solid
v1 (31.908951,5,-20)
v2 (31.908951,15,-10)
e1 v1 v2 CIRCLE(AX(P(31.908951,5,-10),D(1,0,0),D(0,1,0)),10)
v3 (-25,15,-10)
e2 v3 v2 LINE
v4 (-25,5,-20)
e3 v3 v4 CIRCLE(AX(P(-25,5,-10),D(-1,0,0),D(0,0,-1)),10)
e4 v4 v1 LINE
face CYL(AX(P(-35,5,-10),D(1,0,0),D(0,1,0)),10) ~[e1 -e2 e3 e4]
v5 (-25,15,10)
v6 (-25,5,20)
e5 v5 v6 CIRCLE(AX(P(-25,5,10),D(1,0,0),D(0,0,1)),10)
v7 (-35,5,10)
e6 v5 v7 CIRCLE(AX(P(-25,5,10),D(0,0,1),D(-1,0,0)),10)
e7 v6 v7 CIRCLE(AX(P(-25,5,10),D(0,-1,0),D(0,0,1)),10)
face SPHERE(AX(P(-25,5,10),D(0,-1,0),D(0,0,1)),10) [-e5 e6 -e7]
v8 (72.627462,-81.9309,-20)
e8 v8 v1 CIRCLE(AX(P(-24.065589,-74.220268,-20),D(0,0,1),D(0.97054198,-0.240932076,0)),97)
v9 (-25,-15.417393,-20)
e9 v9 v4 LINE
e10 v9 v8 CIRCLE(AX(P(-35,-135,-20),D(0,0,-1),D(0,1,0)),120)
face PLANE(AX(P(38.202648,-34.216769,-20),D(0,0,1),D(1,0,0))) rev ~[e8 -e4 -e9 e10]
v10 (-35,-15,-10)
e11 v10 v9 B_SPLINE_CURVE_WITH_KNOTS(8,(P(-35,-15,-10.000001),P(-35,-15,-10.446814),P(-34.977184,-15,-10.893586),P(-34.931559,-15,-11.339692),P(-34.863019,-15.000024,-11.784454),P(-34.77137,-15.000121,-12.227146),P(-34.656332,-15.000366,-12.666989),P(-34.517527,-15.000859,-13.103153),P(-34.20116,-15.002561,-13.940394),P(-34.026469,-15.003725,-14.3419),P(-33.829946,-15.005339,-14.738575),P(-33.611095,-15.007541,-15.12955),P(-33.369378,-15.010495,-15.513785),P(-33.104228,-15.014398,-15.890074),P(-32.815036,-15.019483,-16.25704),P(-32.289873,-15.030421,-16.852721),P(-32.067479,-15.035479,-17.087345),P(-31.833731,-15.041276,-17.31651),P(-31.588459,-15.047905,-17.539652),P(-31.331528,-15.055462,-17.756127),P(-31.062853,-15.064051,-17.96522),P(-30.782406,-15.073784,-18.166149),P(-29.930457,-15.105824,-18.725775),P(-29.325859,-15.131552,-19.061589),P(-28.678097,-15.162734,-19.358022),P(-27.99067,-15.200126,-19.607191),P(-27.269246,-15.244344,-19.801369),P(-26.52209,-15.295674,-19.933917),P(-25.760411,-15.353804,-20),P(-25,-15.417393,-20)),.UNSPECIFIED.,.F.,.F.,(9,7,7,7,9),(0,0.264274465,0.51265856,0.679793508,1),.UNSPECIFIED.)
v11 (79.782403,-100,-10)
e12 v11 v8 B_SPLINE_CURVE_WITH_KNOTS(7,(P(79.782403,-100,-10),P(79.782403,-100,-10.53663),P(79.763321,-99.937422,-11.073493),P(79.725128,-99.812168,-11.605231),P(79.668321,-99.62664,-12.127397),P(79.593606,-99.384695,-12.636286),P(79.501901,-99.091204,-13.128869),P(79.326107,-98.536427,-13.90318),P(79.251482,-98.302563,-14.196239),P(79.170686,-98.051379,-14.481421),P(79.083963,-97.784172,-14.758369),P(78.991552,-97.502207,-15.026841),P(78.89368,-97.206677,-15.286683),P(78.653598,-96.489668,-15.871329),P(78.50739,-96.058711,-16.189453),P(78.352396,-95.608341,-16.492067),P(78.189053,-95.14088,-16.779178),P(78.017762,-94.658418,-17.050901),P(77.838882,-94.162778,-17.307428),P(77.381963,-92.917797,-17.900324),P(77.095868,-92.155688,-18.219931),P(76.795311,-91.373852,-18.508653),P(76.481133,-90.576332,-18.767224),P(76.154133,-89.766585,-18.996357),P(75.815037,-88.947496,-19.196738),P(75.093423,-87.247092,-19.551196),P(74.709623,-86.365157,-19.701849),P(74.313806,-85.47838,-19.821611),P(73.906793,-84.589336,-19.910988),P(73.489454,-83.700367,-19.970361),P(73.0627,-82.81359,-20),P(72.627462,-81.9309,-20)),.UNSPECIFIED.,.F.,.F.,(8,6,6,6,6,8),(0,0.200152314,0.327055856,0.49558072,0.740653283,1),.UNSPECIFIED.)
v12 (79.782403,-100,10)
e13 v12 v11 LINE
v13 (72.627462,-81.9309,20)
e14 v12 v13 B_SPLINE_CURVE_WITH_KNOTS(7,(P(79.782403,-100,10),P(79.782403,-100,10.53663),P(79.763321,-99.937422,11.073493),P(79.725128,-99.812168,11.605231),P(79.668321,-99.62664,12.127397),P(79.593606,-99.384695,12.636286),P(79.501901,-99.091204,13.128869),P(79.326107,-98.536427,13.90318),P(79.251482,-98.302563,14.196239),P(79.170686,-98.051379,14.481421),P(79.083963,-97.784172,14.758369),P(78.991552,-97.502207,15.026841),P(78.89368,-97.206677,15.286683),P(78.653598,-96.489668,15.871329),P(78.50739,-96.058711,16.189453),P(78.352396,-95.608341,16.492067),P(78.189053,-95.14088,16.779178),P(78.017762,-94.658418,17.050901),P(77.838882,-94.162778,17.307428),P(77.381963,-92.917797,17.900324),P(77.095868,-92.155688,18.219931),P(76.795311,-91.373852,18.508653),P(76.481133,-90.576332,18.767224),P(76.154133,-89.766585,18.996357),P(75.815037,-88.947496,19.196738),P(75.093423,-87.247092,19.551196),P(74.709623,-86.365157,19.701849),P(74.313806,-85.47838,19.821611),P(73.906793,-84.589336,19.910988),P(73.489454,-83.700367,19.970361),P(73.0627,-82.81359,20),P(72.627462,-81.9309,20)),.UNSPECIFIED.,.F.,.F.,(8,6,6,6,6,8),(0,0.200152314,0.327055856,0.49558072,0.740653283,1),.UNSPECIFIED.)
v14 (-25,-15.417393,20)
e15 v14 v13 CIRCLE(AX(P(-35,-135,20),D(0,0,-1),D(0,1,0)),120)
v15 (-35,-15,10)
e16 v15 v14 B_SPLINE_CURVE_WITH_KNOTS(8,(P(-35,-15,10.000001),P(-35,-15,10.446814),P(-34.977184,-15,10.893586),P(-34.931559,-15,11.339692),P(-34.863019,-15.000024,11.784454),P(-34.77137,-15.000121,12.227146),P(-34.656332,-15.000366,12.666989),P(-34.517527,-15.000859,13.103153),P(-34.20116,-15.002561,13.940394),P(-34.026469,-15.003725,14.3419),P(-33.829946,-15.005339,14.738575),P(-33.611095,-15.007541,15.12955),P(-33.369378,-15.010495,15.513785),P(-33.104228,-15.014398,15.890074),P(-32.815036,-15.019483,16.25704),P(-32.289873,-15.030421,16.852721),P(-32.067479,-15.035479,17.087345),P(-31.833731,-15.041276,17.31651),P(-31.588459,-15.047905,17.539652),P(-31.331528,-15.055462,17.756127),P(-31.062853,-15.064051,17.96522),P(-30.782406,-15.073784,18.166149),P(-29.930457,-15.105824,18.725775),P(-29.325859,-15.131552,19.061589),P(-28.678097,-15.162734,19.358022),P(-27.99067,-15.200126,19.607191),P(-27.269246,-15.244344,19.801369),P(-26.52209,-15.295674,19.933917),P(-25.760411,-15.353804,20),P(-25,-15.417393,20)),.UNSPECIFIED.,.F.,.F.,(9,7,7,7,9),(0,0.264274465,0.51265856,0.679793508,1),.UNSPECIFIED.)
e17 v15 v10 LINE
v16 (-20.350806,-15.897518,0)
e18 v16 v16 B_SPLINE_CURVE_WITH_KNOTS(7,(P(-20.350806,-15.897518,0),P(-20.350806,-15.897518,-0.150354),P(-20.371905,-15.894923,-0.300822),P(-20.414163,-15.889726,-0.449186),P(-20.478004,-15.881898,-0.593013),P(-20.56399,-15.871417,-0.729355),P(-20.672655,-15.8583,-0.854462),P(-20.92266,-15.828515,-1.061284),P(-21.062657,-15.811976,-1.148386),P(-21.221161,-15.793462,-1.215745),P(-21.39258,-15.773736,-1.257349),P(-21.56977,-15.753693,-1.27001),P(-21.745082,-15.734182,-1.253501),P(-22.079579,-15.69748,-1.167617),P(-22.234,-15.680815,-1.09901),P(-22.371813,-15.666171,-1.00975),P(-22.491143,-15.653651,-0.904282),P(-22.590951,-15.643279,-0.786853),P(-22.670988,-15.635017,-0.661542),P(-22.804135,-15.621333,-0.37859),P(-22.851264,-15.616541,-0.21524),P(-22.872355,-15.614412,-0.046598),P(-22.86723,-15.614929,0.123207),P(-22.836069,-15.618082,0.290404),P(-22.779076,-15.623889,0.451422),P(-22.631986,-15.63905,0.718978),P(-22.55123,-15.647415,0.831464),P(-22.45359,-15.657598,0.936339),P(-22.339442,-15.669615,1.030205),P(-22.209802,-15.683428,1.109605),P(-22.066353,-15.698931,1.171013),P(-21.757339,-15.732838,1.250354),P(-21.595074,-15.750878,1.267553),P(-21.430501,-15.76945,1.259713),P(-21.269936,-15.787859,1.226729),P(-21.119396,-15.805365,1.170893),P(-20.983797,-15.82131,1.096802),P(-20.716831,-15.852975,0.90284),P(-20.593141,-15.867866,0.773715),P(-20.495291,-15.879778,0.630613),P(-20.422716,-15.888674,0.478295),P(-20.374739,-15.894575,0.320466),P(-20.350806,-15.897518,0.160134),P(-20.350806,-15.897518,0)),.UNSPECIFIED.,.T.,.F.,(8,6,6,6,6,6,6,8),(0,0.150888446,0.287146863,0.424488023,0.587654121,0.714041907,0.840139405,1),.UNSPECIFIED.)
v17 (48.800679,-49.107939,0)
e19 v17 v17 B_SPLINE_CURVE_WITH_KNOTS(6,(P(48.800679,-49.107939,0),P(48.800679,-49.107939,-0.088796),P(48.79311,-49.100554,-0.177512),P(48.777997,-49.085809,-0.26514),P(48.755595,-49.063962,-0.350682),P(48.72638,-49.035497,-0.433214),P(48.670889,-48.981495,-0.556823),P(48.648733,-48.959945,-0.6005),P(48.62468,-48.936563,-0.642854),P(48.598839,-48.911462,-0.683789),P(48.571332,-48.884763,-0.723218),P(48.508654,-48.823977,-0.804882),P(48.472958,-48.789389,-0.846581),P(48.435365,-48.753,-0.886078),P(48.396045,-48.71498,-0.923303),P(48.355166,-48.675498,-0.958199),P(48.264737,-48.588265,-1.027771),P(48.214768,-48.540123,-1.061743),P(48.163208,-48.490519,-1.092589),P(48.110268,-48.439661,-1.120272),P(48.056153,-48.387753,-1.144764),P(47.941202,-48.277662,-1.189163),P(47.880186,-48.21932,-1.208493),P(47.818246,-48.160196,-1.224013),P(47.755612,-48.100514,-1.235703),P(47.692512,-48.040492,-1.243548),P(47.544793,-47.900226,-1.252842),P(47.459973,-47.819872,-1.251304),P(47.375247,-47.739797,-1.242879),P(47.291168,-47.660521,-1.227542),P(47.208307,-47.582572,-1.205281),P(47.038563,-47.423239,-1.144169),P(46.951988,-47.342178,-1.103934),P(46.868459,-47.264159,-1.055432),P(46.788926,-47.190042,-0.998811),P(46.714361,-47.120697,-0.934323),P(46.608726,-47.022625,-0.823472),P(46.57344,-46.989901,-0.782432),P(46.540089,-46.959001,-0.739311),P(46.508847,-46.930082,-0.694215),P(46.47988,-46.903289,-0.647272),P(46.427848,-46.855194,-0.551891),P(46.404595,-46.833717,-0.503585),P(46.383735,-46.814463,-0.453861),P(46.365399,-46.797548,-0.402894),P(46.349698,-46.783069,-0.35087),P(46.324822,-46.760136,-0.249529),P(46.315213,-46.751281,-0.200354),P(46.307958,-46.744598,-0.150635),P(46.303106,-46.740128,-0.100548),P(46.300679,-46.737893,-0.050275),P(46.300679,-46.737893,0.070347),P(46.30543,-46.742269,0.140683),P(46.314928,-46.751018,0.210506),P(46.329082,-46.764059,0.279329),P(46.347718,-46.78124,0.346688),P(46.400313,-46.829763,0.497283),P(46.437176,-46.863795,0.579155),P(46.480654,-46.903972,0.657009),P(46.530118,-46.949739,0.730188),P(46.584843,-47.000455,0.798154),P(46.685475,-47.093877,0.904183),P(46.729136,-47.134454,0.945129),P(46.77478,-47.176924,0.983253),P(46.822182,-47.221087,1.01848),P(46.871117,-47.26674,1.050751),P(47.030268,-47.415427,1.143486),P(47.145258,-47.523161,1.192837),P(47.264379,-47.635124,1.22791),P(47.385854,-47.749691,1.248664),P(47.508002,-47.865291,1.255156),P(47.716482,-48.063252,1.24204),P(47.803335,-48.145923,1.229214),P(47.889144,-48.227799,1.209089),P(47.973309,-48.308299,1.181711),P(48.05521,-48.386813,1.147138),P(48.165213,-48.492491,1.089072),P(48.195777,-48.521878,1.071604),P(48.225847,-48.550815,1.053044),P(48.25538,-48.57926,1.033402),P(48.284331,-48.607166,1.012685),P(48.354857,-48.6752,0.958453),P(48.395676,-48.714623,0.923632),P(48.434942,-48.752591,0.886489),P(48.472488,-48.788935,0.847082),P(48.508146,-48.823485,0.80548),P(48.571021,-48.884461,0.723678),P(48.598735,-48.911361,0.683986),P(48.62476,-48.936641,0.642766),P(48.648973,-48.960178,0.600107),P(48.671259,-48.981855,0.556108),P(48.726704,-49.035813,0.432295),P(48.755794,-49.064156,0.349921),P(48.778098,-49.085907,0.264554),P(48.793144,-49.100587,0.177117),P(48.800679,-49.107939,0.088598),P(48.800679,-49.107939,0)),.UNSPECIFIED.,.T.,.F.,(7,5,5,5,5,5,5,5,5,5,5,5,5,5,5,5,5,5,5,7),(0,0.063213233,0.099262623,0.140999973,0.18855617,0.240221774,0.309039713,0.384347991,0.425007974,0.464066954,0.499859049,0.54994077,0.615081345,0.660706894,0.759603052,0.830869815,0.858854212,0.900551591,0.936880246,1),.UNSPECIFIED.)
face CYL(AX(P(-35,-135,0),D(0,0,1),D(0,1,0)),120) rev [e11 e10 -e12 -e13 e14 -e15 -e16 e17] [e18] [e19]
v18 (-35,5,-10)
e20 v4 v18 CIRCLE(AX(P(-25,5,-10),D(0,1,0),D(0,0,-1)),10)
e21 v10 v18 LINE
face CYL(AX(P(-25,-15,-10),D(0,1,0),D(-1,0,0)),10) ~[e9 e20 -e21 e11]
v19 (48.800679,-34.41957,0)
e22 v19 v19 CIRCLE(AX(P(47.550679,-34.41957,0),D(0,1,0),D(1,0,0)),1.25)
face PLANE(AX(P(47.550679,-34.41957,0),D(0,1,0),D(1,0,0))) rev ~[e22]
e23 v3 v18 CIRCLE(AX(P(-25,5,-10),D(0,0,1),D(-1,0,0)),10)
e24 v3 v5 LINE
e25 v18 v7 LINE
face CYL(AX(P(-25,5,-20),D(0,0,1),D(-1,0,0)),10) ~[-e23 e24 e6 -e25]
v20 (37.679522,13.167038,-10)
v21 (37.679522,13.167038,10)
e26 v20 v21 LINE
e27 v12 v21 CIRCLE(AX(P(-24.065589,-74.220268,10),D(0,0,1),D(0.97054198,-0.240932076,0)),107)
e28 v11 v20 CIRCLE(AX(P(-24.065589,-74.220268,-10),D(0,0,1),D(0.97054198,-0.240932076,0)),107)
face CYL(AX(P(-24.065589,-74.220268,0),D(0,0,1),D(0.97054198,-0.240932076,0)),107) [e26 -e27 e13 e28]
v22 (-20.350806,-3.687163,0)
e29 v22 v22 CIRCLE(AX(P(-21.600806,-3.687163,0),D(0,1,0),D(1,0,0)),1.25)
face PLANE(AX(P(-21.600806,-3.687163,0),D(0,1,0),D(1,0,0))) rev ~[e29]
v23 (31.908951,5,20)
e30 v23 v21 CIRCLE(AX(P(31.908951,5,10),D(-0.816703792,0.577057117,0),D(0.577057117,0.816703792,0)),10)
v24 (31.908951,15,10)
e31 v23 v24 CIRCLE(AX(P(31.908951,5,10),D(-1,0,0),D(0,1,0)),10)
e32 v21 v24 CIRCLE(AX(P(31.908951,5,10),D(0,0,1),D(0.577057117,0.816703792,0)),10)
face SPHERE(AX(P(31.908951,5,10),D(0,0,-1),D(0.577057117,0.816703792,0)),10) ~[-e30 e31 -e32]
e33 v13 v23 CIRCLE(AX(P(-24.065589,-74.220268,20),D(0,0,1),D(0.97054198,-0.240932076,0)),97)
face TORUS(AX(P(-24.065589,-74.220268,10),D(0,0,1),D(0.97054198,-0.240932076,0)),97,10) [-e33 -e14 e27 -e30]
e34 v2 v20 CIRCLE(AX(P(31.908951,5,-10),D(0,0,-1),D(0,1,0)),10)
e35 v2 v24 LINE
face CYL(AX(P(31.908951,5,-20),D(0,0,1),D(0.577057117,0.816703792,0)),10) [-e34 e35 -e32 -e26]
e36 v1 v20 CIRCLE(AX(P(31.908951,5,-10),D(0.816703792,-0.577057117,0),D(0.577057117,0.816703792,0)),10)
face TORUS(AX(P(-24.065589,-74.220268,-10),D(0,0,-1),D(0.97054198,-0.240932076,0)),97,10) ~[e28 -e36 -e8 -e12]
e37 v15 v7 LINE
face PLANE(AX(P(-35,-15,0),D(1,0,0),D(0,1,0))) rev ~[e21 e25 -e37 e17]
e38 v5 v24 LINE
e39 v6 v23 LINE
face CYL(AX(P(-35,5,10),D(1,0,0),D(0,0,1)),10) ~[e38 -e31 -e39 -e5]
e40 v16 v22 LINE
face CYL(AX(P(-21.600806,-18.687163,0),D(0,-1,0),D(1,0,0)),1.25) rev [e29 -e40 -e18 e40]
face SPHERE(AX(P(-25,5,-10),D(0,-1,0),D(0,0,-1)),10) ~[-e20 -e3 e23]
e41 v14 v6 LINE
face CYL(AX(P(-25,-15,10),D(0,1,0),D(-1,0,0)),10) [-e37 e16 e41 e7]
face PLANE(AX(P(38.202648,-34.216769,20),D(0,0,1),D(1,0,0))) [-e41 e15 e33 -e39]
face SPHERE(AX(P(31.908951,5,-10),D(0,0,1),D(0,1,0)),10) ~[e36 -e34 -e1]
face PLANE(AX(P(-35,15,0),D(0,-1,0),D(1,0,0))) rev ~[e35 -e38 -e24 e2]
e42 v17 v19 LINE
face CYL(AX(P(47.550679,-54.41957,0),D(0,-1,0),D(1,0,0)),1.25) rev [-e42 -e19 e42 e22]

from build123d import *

# Parameters (mm, degrees)
ESQUISSE1_W             = 70
ESQUISSE1_H             = 30
BOSS_EXTRU_1_DEPTH      = 20
CONG_7_R                = 10
ESQUISSE12_R            = 1.25
ENL_V_MAT_EXTRU_5_DEPTH = 15
ESQUISSE11_R            = 1.25
ENL_V_MAT_EXTRU_6_DEPTH = 20


with BuildPart() as part:
    # Esquisse1 → Boss.-Extru.1 (new body, symmetric)
    with BuildSketch(Plane.XY):
        with BuildLine():
            ThreePointArc((79.782402832, -100), (75.641274878, -35.393198769), (35, 15))
            Line((35, 15), (35, -15))
            Line((35, -15), (-35, -15))
            ThreePointArc((-35, -15), (36.414284285, -38.56349239), (79.782402832, -100))
        make_face()
        Rectangle(ESQUISSE1_W, ESQUISSE1_H)
    extrude(amount=BOSS_EXTRU_1_DEPTH, both=True)

    # Congé7
    cong_7_edges = [part.edges().sort_by_distance(p)[0] for p in [
        (-35, 0, 20),
        (75.641274878, -35.393198769, 20),
        (-35, 0, -20),
        (0, 15, -20),
        (75.641274878, -35.393198769, -20),
        (0, 15, 20),
        (-35, 15, 0),
        (35, 15, 0),
    ]]
    fillet(cong_7_edges, radius=CONG_7_R)

    # Esquisse12 → Enlèv. mat.-Extru.5 (cut)
    with BuildSketch(Plane(origin=(0, -18.687162838, 0), x_dir=(1, 0, 0), z_dir=(0, 1, 0))):
        with Locations((-21.600806316, 0)):
            Circle(ESQUISSE12_R)
    extrude(amount=ENL_V_MAT_EXTRU_5_DEPTH, mode=Mode.SUBTRACT)

    # Esquisse11 → Enlèv. mat.-Extru.6 (cut)
    with BuildSketch(Plane(origin=(0, -54.41956978, 0), x_dir=(1, 0, 0), z_dir=(0, 1, 0))):
        with Locations((47.550679202, 0)):
            Circle(ESQUISSE11_R)
    extrude(amount=ENL_V_MAT_EXTRU_6_DEPTH, mode=Mode.SUBTRACT)


solid = part.part
